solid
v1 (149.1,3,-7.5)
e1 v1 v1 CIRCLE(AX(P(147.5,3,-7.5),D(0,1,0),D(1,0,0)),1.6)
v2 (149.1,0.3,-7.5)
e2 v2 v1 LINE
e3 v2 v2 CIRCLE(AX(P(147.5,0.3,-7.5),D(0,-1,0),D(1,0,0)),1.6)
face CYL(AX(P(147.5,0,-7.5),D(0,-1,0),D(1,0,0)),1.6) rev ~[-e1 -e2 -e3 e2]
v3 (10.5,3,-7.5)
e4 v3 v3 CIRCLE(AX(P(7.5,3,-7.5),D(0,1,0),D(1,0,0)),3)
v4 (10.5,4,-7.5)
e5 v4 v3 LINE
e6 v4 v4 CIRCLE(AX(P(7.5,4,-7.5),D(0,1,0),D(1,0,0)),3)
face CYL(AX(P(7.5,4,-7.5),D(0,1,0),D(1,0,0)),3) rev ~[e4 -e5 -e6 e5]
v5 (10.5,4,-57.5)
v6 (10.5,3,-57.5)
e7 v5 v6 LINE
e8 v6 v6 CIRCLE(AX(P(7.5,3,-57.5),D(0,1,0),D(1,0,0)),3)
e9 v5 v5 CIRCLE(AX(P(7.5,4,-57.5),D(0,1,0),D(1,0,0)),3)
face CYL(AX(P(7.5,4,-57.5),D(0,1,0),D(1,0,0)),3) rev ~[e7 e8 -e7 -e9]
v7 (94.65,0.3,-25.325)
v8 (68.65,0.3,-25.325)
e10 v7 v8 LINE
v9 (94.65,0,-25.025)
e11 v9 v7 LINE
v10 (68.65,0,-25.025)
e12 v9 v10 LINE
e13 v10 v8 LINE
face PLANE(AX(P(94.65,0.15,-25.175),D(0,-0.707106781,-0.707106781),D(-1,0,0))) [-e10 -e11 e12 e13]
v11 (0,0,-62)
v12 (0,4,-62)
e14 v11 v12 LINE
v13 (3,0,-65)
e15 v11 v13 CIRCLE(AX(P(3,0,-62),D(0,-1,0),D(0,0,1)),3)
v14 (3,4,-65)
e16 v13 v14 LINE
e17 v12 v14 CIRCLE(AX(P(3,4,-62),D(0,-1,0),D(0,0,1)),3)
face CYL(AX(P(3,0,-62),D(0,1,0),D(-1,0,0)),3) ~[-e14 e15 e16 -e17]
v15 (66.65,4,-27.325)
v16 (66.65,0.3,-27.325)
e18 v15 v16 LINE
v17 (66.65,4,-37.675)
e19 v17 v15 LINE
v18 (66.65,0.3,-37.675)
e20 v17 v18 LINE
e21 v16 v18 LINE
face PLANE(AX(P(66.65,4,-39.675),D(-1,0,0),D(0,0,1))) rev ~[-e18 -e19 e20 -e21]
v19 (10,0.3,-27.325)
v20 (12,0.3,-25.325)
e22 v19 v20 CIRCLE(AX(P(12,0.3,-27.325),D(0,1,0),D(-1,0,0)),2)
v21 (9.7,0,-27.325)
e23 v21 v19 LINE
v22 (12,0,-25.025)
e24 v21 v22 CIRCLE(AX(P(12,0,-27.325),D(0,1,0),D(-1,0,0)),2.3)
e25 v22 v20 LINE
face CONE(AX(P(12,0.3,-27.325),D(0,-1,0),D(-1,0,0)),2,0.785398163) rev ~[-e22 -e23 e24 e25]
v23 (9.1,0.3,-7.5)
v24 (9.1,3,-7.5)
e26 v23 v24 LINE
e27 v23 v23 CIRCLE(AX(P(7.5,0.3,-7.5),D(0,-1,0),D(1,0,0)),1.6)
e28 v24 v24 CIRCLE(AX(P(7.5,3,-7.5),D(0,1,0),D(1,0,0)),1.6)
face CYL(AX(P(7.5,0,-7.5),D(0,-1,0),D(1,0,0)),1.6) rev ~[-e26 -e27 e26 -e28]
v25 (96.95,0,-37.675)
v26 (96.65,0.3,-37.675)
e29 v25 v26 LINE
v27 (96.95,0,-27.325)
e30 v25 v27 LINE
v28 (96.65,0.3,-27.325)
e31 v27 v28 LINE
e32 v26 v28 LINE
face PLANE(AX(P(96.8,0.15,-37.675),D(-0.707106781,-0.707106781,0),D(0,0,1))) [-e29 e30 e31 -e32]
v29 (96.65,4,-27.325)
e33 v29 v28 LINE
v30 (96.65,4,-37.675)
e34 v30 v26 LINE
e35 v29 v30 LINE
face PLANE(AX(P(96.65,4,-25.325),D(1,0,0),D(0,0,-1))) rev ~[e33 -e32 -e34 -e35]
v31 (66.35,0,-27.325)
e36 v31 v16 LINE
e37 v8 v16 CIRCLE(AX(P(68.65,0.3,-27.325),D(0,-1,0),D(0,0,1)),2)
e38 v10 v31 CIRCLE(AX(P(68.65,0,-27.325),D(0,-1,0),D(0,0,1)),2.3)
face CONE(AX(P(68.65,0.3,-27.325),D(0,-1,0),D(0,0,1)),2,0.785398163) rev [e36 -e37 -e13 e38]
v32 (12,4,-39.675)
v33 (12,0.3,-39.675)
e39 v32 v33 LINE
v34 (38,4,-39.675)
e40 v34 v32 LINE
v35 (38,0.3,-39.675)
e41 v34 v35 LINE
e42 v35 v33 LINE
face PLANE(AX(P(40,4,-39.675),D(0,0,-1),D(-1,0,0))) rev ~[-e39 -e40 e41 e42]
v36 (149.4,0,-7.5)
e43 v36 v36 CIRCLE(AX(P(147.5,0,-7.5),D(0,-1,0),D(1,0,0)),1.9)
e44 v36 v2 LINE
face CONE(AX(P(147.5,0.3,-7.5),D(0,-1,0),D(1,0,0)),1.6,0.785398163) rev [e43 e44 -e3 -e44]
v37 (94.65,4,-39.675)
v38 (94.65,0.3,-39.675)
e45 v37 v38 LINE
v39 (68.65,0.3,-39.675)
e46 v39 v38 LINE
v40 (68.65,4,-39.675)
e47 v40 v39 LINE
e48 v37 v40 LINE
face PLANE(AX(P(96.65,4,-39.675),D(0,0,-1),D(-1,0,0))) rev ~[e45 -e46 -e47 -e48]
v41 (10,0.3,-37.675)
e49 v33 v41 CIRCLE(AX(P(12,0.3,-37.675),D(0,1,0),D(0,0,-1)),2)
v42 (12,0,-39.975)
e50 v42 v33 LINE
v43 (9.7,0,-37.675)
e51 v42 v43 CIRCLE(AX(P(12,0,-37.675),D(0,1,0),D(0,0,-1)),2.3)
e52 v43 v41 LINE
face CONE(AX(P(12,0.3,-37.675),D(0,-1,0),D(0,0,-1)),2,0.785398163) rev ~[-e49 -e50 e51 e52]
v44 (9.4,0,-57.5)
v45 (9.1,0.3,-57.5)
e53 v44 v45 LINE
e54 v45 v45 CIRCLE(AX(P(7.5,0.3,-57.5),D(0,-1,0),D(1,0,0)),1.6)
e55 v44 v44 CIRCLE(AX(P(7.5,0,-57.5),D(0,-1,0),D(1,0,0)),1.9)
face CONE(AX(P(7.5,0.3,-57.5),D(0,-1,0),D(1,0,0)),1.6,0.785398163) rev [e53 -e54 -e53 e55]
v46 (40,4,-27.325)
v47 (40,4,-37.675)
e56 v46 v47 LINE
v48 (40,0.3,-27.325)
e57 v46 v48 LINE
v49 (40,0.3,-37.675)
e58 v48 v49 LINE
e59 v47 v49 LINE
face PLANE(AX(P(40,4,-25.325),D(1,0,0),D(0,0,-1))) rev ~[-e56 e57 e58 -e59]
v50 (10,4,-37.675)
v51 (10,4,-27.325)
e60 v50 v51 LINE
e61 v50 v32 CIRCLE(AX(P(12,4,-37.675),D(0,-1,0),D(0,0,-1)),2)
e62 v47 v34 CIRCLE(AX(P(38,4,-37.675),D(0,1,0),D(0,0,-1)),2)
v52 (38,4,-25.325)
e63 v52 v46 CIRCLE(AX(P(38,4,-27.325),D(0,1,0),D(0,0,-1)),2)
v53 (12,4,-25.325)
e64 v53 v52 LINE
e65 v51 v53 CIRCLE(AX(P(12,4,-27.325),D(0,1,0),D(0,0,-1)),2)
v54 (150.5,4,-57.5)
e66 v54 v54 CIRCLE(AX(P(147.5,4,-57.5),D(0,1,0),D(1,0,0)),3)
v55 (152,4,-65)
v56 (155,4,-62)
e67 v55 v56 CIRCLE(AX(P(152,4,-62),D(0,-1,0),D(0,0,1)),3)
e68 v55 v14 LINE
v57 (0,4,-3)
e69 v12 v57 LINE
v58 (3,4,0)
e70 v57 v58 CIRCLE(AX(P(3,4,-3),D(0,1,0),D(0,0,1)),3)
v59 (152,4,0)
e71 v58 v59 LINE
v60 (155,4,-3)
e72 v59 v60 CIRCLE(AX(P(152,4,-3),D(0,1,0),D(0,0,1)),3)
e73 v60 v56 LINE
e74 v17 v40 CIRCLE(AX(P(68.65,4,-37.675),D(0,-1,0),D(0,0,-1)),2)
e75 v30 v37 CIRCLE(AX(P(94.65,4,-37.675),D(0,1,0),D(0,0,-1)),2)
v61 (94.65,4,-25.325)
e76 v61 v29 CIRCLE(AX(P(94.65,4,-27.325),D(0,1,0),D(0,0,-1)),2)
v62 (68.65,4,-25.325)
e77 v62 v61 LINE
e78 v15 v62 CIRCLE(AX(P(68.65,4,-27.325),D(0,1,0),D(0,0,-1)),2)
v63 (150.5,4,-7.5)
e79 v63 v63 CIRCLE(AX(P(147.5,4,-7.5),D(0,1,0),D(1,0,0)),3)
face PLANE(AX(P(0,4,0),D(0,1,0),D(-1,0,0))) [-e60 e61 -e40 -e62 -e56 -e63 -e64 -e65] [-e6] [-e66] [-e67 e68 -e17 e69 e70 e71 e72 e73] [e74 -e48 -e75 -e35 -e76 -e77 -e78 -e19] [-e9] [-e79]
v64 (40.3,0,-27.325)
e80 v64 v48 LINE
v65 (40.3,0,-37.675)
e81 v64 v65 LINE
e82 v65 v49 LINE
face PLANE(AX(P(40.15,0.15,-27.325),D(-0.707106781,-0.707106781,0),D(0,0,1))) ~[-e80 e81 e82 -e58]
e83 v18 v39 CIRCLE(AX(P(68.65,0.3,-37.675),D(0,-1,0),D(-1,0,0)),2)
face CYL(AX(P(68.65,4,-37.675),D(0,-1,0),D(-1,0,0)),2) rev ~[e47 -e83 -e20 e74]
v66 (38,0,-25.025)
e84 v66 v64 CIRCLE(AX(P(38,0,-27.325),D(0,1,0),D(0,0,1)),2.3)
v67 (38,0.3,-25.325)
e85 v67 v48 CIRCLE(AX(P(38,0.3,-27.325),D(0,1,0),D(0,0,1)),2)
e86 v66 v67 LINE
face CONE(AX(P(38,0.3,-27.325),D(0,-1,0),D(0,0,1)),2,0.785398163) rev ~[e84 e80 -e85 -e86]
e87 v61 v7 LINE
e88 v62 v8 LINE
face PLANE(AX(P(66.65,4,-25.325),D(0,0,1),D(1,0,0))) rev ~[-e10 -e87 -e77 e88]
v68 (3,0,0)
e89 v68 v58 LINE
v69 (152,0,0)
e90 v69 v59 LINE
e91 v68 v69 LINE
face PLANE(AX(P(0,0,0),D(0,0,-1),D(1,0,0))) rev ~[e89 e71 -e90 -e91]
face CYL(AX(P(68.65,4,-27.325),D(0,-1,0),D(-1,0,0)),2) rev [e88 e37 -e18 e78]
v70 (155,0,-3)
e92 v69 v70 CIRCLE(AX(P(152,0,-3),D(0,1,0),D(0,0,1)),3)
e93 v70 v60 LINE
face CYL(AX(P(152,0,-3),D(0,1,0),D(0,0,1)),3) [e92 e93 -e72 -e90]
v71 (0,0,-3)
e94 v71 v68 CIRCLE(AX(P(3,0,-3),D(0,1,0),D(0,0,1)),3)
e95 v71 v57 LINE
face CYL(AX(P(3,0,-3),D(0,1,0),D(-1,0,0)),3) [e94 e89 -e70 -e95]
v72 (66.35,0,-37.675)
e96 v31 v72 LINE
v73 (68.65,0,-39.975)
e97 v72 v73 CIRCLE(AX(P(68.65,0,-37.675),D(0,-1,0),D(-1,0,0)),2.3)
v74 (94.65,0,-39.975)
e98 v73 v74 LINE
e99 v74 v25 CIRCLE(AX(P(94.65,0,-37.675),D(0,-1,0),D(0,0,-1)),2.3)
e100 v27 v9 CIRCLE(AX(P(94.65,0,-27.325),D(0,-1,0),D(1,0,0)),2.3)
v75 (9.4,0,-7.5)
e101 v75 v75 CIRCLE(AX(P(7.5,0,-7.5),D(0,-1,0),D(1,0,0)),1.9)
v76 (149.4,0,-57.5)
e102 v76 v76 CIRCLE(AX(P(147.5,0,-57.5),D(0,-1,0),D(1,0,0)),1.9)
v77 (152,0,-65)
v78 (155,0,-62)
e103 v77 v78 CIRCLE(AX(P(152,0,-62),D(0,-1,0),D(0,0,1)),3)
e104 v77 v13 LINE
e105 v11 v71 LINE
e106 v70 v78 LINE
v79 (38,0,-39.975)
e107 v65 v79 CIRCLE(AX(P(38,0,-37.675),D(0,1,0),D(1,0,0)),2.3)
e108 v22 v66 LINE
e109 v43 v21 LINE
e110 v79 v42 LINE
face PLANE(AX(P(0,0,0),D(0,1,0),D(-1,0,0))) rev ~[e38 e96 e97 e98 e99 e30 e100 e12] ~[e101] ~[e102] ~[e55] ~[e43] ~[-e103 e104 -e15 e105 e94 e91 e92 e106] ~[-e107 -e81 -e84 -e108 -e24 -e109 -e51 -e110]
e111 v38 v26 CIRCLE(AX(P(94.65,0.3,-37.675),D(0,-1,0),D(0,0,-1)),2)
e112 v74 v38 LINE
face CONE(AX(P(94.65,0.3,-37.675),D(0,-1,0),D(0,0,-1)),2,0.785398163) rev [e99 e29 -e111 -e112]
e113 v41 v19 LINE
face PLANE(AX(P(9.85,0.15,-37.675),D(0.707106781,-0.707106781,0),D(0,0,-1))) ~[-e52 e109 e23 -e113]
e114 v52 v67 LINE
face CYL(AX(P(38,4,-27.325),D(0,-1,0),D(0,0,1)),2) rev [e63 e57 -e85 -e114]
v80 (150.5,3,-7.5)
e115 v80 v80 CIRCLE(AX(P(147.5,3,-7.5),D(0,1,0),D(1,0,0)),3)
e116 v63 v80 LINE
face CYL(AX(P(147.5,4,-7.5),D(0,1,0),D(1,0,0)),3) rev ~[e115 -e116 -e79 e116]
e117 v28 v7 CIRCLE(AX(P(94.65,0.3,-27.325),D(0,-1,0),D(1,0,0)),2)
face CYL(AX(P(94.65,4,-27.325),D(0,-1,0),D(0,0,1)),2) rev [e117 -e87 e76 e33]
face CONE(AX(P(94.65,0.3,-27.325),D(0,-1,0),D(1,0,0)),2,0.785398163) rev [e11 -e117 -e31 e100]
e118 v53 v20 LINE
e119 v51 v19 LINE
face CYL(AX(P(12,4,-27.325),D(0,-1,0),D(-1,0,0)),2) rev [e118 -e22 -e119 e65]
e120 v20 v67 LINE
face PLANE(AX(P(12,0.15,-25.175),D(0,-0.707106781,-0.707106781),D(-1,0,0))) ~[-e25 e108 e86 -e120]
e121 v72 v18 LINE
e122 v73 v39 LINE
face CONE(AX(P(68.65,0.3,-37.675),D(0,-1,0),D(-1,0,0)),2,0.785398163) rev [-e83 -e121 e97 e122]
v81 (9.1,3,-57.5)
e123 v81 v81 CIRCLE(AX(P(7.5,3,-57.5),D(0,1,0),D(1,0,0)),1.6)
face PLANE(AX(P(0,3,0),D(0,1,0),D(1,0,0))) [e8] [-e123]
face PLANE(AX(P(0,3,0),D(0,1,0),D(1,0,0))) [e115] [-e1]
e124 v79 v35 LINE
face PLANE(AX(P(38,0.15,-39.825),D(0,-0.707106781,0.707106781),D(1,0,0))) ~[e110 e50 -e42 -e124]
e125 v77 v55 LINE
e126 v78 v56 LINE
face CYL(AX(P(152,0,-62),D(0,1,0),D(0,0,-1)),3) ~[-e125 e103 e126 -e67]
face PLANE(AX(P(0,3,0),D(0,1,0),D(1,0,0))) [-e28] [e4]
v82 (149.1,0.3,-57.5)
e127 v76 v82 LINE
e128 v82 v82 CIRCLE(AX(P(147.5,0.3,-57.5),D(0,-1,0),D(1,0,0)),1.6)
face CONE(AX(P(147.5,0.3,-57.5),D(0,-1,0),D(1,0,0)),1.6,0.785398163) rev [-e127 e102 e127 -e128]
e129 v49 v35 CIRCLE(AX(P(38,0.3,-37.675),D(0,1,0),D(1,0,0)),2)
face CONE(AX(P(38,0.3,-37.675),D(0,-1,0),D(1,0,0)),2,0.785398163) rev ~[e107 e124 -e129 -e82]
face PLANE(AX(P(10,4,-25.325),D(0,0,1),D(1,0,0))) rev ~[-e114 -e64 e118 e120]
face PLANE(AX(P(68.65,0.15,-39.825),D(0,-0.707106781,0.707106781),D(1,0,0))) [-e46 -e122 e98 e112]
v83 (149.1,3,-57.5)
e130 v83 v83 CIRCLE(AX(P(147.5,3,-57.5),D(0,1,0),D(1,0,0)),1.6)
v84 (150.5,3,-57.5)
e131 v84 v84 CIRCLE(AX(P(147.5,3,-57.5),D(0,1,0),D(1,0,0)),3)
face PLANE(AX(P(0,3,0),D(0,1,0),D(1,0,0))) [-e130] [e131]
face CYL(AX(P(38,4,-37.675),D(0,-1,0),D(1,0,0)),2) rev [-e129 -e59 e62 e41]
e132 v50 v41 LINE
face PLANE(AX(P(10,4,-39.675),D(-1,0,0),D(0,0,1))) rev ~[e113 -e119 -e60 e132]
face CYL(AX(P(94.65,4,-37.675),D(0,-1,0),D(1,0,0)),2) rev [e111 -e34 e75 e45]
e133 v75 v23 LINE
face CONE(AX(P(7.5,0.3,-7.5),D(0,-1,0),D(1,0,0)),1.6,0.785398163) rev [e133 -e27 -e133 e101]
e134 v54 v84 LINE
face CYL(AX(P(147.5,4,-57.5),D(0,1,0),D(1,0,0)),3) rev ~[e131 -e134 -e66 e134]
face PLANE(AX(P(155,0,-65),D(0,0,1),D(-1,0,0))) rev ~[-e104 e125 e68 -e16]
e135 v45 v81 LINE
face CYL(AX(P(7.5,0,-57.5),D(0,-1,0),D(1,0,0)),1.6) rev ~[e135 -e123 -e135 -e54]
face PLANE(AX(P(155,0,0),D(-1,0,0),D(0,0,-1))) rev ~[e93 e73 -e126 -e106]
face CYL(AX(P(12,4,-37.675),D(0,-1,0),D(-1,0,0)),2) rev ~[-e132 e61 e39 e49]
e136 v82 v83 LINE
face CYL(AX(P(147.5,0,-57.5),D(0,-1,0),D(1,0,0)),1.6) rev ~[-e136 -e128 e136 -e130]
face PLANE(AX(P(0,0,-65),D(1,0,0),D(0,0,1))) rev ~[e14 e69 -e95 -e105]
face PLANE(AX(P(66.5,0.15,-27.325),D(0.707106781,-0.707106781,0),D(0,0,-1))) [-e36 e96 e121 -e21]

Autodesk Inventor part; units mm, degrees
ref_plane "YZ Plane" through (0, 0, 0) normal (1, 0, 0) x (0, 1, 0)
ref_plane "XZ Plane" through (0, 0, 0) normal (0, 1, 0) x (-1, 0, 0)
ref_plane "XY Plane" through (0, 0, 0) normal (0, 0, 1) x (1, 0, 0)
sketch "Sketch1" plane through (0, 0, 0) normal (0, 1, 0) x (-1, 0, 0)
  line L0 (0, 0) -> (-155, 0)
  line L1 (-155, 0) -> (-155, -65)
  line L2 (-155, -65) -> (0, -65)
  line L3 (0, -65) -> (0, 0)
  dimension "d0" = 155
  dimension "d1" = 65
extrude "Extrusion1" add sketch "Sketch1" along normal blind 4
sketch "Sketch2" plane through (0, 0, 0) normal (0, -1, 0) x (1, 0, 0)
  line L0 (155, 0) -> (155, -65) projected
  line L1 (0, 0) -> (155, 0) projected
  line L2 (0, -65) -> (0, 0) projected
  line L3 (155, -65) -> (0, -65) projected
  line L4 (3, -62) -> (3, -3)
  line L5 (3, -3) -> (152, -3)
  line L6 (152, -3) -> (152, -62)
  line L7 (152, -62) -> (3, -62)
  line L8 (152, -62) -> (143, -62)
  line L9 (143, -62) -> (143, -53)
  line L10 (143, -53) -> (152, -53)
  line L11 (152, -53) -> (152, -62)
  circle A0 centre (147.5, -57.5) radius 1.6
  dimension "d4" = 3
  dimension "d5" = 9
  dimension "d6" = 9
  dimension "d7" = 3.2
extrude "Extrusion2" cut sketch "Sketch2" against normal blind 4 contours A0
sketch "Sketch3" plane through (0, 4, 0) normal (0, 1, 0) x (1, 0, 0)
  circle A0 centre (147.5, 57.5) radius 1.6 projected
  line L0 (155, 0) -> (155, 65) projected
  line L1 (155, 65) -> (0, 65) projected
  line L2 (0, 65) -> (0, 0) projected
  line L3 (0, 0) -> (155, 0) projected
  circle A1 centre (147.5, 57.5) radius 3
  dimension "d10" = 6
extrude "Extrusion3" cut sketch "Sketch3" against normal blind 1 contours A1
sketch "Sketch4" plane through (0, 0, 0) normal (0, -1, 0) x (1, 0, 0)
  circle A0 centre (147.5, -57.5) radius 1.6 projected
  line L0 (155, 0) -> (155, -65) projected
  line L1 (0, 0) -> (155, 0) projected
  line L2 (0, -65) -> (0, 0) projected
  line L3 (155, -65) -> (0, -65) projected
  line L4 (3, -62) -> (3, -3)
  line L5 (3, -3) -> (152, -3)
  line L6 (152, -3) -> (152, -62)
  line L7 (152, -62) -> (3, -62)
  line L8 (152, -3) -> (143, -3)
  line L9 (143, -3) -> (143, -12)
  line L10 (143, -12) -> (152, -12)
  line L11 (152, -12) -> (152, -3)
  line L12 (3, -3) -> (12, -3)
  line L13 (12, -3) -> (12, -12)
  line L14 (12, -12) -> (3, -12)
  line L15 (3, -12) -> (3, -3)
  line L16 (3, -62) -> (12, -62)
  line L17 (12, -62) -> (12, -53)
  line L18 (12, -53) -> (3, -53)
  line L19 (3, -53) -> (3, -62)
  circle A1 centre (147.5, -7.5) radius 1.6
  circle A2 centre (7.5, -7.5) radius 1.6
  circle A3 centre (7.5, -57.5) radius 1.6
  dimension "d13" = 3
  dimension "d14" = 9
  dimension "d15" = 9
  dimension "d16" = 9
  dimension "d17" = 9
  dimension "d18" = 9
  dimension "d19" = 9
  dimension "d20" = 3.2
  dimension "d21" = 3.2
  dimension "d22" = 3.2
extrude "Extrusion4" cut sketch "Sketch4" against normal blind 4 contours A1 | A2 | A3
sketch "Sketch5" plane through (0, 4, 0) normal (0, 1, 0) x (1, 0, 0)
  circle A0 centre (7.5, 57.5) radius 1.6 projected
  circle A1 centre (7.5, 7.5) radius 1.6 projected
  circle A2 centre (147.5, 7.5) radius 1.6 projected
  circle A3 centre (147.5, 57.5) radius 3 projected
  line L0 (155, 0) -> (155, 65) projected
  line L1 (155, 65) -> (0, 65) projected
  line L2 (0, 65) -> (0, 0) projected
  line L3 (0, 0) -> (155, 0) projected
  circle A4 centre (7.5, 57.5) radius 3
  circle A5 centre (7.5, 7.5) radius 3
  circle A6 centre (147.5, 7.5) radius 3
  dimension "d25" = 6
  dimension "d26" = 6
  dimension "d27" = 6
extrude "Extrusion5" cut sketch "Sketch5" against normal blind 1 contours A4 | A5 | A6
fillet "Fillet1" radius 3 4 edges at (0, 2, 0) (0, 2, -65) (155, 2, 0) (155, 2, -65)
sketch "Sketch6" plane through (0, 4, 0) normal (0, 1, 0) x (1, 0, 0)
  line L0 (10, 25.325) -> (40, 25.325)
  line L1 (40, 25.325) -> (40, 39.675)
  line L2 (40, 39.675) -> (10, 39.675)
  line L3 (10, 39.675) -> (10, 25.325)
  line L4 (66.65, 25.325) -> (96.65, 25.325)
  line L5 (96.65, 25.325) -> (96.65, 39.675)
  line L6 (96.65, 39.675) -> (66.65, 39.675)
  line L7 (66.65, 39.675) -> (66.65, 25.325)
  point P0 (0, 0)
  dimension "d31" = 30
  dimension "d32" = 14.35
  dimension "d33" = 30
  dimension "d34" = 14.35
extrude "Extrusion6" cut sketch "Sketch6" against normal blind 4
fillet "Fillet2" radius 2 8 edges at (10, 2, -39.675) (40, 2, -39.675) (10, 2, -25.325) (40, 2, -25.325) (66.65, 2, -39.675) (96.65, 2, -39.675) (66.65, 2, -25.325) (96.65, 2, -25.325)
chamfer "Chamfer1" distance 0.3 angle 45 20 edges at (5.9, 0, -7.5) (10, 0, -32.5) (10.5858, 0, -25.9108) (25, 0, -25.325) (39.4142, 0, -25.9108) (40, 0, -32.5) (39.4142, 0, -39.0892) (25, 0, -39.675) (10.5858, 0, -39.0892) (67.2358, 0, -39.0892) (81.65, 0, -39.675) (96.0642, 0, -39.0892) (96.65, 0, -32.5) (96.0642, 0, -25.9108) (81.65, 0, -25.325) (67.2358, 0, -25.9108) (66.65, 0, -32.5) (5.9, 0, -57.5) (145.9, 0, -7.5) (145.9, 0, -57.5)
properties part number "arcade_box_lid_iteration3"
